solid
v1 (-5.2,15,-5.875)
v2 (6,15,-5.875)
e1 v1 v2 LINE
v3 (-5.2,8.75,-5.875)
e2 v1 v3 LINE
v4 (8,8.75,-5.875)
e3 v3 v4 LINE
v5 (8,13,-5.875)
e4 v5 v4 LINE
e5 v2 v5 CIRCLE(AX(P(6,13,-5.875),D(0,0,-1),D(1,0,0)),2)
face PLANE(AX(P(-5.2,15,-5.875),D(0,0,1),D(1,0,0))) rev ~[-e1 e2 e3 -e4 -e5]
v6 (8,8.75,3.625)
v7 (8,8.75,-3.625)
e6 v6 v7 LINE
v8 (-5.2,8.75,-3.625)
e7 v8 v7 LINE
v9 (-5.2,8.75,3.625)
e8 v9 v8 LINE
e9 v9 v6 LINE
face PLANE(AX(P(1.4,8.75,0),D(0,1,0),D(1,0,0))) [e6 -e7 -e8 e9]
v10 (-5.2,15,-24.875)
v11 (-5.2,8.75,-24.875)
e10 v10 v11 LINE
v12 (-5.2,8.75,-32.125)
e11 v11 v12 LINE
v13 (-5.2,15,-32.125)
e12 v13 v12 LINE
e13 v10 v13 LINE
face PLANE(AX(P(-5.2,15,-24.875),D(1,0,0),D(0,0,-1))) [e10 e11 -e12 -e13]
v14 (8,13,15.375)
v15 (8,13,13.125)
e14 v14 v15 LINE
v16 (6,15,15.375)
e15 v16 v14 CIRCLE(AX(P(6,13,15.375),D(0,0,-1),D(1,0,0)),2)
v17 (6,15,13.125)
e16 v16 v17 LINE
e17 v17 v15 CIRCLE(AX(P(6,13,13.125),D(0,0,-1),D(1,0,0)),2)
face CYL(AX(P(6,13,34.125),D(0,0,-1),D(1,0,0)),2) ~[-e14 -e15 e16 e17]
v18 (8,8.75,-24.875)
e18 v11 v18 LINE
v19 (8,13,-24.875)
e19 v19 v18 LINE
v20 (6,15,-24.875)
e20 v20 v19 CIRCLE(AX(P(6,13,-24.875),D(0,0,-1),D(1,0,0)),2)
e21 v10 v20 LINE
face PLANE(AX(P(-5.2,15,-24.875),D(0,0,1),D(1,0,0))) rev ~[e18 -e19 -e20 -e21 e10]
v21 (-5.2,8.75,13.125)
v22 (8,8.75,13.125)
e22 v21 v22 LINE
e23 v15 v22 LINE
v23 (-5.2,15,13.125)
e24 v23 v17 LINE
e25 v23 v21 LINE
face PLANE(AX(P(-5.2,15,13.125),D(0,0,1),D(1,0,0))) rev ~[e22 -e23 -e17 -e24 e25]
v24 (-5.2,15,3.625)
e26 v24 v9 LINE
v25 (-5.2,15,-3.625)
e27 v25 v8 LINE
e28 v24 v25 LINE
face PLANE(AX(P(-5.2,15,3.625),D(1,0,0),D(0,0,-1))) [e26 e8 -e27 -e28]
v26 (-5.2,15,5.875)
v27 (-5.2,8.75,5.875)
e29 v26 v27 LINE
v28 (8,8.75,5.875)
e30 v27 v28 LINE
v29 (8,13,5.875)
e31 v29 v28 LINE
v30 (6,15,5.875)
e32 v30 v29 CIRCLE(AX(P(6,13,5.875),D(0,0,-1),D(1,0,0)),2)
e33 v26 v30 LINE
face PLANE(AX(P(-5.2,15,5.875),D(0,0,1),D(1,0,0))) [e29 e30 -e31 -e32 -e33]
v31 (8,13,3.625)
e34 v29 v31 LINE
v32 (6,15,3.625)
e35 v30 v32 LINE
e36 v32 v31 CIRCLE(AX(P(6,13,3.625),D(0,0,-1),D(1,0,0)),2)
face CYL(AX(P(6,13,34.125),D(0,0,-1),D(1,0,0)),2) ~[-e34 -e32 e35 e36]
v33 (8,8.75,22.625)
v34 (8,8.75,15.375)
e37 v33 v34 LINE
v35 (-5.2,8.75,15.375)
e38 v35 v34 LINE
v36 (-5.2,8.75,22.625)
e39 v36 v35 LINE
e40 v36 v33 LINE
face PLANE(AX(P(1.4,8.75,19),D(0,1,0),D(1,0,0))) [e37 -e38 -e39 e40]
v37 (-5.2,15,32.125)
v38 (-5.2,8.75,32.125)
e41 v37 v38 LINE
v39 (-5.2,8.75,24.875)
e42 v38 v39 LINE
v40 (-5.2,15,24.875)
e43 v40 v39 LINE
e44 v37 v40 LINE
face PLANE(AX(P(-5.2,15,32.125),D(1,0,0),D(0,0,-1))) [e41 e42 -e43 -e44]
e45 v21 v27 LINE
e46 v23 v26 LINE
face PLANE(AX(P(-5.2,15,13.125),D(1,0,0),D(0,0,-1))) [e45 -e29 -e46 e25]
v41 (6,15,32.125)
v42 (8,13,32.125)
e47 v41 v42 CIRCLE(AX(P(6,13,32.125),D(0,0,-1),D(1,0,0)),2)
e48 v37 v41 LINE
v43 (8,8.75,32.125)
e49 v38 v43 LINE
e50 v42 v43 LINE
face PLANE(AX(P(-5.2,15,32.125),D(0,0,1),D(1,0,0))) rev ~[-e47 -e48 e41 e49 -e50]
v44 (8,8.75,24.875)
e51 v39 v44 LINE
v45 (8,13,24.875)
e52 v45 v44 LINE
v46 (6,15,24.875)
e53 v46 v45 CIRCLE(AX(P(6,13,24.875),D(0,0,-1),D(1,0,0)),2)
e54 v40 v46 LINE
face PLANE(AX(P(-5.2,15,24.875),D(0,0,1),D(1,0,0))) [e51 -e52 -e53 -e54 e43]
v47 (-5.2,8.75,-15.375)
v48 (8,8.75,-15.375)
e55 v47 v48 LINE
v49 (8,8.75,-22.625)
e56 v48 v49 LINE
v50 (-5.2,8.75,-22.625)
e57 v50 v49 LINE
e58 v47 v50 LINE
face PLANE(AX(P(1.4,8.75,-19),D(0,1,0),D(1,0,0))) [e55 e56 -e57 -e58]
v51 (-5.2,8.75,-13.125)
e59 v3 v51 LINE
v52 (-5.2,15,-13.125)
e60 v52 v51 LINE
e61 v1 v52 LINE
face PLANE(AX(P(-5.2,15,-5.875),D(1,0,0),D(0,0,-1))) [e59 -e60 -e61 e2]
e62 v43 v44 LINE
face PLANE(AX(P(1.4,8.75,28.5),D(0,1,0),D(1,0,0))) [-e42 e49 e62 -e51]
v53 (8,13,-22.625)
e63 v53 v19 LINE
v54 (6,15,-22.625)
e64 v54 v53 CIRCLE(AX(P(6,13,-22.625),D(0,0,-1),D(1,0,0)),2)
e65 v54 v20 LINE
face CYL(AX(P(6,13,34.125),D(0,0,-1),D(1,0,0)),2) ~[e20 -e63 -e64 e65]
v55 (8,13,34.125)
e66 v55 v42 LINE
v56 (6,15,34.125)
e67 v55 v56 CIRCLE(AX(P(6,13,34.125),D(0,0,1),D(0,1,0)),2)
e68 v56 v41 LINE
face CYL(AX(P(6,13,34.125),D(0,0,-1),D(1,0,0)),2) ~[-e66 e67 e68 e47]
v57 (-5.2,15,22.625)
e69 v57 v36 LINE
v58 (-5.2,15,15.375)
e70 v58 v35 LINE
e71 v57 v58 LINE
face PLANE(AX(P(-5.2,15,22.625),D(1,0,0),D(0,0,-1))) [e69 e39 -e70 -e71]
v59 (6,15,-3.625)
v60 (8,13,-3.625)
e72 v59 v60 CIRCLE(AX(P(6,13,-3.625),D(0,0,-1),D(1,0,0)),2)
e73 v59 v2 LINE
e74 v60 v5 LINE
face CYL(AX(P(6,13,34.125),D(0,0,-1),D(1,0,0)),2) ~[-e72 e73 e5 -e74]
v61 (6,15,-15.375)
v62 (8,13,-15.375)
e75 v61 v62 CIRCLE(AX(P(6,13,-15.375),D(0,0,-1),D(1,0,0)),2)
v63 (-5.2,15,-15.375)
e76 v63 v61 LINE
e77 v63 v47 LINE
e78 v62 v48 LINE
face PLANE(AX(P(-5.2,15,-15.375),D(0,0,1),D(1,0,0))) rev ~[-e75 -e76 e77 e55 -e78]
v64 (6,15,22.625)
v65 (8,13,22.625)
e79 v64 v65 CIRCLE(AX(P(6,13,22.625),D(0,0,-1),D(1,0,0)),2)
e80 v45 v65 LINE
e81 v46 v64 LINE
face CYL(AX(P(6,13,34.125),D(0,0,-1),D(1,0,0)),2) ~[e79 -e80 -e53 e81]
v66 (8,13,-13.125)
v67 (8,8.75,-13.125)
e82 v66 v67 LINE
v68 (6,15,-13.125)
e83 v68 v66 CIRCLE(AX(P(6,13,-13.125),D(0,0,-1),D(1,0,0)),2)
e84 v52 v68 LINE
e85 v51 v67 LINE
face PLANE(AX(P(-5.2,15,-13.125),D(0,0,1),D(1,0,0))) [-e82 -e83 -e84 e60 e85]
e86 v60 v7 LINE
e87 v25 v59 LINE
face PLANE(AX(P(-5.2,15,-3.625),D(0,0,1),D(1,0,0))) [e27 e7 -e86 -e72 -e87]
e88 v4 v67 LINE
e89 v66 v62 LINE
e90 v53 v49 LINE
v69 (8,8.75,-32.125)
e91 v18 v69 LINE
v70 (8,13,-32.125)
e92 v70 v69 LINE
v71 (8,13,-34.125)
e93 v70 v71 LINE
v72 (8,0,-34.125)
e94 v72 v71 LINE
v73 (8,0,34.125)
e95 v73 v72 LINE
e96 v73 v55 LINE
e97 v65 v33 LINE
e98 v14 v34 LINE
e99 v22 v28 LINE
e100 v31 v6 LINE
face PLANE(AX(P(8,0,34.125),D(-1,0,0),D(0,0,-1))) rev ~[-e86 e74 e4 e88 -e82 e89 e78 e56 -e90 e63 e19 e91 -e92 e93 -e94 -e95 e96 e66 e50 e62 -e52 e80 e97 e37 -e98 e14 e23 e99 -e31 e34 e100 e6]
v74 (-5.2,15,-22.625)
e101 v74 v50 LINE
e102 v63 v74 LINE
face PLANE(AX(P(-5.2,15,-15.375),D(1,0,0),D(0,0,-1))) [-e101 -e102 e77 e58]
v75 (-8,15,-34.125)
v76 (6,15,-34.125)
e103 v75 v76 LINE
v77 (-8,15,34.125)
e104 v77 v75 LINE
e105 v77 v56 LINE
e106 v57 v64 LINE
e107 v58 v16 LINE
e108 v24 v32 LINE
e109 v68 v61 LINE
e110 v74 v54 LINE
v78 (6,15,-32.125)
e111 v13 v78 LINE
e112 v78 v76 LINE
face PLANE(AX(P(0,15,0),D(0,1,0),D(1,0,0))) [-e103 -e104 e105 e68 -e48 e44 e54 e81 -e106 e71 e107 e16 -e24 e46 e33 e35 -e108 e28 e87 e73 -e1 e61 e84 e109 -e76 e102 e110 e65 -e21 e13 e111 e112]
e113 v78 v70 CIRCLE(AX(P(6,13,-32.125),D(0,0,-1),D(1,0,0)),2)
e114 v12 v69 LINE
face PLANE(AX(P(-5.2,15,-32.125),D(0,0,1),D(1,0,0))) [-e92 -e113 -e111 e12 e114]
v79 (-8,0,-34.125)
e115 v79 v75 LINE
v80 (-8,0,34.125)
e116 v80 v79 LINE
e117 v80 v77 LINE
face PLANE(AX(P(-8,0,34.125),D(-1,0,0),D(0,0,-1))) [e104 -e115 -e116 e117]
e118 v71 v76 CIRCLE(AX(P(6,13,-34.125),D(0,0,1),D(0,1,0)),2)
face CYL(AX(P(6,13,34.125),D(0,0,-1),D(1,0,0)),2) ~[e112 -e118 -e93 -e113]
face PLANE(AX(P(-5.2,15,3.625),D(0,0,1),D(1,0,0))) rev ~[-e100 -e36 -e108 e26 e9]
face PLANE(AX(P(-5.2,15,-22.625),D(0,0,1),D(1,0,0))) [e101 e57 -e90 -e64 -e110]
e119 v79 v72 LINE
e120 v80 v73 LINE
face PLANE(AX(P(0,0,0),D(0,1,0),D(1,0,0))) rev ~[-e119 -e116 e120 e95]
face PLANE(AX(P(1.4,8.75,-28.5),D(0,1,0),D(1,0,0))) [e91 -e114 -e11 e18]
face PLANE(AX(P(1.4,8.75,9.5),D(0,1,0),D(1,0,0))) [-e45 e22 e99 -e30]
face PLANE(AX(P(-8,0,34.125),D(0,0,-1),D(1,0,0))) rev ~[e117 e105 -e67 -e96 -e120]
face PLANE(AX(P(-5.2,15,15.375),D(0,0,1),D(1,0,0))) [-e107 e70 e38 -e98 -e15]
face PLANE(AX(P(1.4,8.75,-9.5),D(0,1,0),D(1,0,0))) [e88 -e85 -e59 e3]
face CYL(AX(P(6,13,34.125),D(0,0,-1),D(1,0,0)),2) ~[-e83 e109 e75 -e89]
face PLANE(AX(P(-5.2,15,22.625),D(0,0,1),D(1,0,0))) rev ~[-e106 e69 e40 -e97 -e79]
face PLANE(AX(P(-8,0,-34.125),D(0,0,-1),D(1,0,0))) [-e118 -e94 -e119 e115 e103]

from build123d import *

# Parameters (mm, degrees)
SKETCH1_W           = 16
SKETCH1_H           = 68.25
BOSS_EXTRUDE1_DEPTH = 15
FILLET1_R           = 2
SKETCH2_W           = 13.2
SKETCH2_H           = 7.25
CUT_EXTRUDE1_DEPTH  = 6.25
LPATTERN1_COUNT     = 7
LPATTERN1_PITCH     = 9.5


with BuildPart() as part:
    # Sketch1 → Boss-Extrude1 (new body)
    with BuildSketch(Plane(origin=(0, 0, 0), x_dir=(1, 0, 0), z_dir=(0, 1, 0))):
        Rectangle(SKETCH1_W, SKETCH1_H)
    extrude(amount=BOSS_EXTRUDE1_DEPTH)

    # Fillet1
    fillet1_edges = [part.edges().sort_by_distance(p)[0] for p in [
        (8, 15, 0),
    ]]
    fillet(fillet1_edges, radius=FILLET1_R)

    # Sketch2 → Cut-Extrude1 (cut)
    with BuildSketch(Plane(origin=(0, 15, 0), x_dir=(1, 0, 0), z_dir=(0, 1, 0))):
        with Locations((1.4, -28.5)):
            Rectangle(SKETCH2_W, SKETCH2_H)
    cut_extrude1 = extrude(amount=-CUT_EXTRUDE1_DEPTH, mode=Mode.SUBTRACT)

    # LPattern1: Cut-Extrude1 ×7
    with Locations(*[(0, 0, -i * LPATTERN1_PITCH) for i in range(1, LPATTERN1_COUNT)]):
        add(cut_extrude1, mode=Mode.SUBTRACT)


solid = part.part
